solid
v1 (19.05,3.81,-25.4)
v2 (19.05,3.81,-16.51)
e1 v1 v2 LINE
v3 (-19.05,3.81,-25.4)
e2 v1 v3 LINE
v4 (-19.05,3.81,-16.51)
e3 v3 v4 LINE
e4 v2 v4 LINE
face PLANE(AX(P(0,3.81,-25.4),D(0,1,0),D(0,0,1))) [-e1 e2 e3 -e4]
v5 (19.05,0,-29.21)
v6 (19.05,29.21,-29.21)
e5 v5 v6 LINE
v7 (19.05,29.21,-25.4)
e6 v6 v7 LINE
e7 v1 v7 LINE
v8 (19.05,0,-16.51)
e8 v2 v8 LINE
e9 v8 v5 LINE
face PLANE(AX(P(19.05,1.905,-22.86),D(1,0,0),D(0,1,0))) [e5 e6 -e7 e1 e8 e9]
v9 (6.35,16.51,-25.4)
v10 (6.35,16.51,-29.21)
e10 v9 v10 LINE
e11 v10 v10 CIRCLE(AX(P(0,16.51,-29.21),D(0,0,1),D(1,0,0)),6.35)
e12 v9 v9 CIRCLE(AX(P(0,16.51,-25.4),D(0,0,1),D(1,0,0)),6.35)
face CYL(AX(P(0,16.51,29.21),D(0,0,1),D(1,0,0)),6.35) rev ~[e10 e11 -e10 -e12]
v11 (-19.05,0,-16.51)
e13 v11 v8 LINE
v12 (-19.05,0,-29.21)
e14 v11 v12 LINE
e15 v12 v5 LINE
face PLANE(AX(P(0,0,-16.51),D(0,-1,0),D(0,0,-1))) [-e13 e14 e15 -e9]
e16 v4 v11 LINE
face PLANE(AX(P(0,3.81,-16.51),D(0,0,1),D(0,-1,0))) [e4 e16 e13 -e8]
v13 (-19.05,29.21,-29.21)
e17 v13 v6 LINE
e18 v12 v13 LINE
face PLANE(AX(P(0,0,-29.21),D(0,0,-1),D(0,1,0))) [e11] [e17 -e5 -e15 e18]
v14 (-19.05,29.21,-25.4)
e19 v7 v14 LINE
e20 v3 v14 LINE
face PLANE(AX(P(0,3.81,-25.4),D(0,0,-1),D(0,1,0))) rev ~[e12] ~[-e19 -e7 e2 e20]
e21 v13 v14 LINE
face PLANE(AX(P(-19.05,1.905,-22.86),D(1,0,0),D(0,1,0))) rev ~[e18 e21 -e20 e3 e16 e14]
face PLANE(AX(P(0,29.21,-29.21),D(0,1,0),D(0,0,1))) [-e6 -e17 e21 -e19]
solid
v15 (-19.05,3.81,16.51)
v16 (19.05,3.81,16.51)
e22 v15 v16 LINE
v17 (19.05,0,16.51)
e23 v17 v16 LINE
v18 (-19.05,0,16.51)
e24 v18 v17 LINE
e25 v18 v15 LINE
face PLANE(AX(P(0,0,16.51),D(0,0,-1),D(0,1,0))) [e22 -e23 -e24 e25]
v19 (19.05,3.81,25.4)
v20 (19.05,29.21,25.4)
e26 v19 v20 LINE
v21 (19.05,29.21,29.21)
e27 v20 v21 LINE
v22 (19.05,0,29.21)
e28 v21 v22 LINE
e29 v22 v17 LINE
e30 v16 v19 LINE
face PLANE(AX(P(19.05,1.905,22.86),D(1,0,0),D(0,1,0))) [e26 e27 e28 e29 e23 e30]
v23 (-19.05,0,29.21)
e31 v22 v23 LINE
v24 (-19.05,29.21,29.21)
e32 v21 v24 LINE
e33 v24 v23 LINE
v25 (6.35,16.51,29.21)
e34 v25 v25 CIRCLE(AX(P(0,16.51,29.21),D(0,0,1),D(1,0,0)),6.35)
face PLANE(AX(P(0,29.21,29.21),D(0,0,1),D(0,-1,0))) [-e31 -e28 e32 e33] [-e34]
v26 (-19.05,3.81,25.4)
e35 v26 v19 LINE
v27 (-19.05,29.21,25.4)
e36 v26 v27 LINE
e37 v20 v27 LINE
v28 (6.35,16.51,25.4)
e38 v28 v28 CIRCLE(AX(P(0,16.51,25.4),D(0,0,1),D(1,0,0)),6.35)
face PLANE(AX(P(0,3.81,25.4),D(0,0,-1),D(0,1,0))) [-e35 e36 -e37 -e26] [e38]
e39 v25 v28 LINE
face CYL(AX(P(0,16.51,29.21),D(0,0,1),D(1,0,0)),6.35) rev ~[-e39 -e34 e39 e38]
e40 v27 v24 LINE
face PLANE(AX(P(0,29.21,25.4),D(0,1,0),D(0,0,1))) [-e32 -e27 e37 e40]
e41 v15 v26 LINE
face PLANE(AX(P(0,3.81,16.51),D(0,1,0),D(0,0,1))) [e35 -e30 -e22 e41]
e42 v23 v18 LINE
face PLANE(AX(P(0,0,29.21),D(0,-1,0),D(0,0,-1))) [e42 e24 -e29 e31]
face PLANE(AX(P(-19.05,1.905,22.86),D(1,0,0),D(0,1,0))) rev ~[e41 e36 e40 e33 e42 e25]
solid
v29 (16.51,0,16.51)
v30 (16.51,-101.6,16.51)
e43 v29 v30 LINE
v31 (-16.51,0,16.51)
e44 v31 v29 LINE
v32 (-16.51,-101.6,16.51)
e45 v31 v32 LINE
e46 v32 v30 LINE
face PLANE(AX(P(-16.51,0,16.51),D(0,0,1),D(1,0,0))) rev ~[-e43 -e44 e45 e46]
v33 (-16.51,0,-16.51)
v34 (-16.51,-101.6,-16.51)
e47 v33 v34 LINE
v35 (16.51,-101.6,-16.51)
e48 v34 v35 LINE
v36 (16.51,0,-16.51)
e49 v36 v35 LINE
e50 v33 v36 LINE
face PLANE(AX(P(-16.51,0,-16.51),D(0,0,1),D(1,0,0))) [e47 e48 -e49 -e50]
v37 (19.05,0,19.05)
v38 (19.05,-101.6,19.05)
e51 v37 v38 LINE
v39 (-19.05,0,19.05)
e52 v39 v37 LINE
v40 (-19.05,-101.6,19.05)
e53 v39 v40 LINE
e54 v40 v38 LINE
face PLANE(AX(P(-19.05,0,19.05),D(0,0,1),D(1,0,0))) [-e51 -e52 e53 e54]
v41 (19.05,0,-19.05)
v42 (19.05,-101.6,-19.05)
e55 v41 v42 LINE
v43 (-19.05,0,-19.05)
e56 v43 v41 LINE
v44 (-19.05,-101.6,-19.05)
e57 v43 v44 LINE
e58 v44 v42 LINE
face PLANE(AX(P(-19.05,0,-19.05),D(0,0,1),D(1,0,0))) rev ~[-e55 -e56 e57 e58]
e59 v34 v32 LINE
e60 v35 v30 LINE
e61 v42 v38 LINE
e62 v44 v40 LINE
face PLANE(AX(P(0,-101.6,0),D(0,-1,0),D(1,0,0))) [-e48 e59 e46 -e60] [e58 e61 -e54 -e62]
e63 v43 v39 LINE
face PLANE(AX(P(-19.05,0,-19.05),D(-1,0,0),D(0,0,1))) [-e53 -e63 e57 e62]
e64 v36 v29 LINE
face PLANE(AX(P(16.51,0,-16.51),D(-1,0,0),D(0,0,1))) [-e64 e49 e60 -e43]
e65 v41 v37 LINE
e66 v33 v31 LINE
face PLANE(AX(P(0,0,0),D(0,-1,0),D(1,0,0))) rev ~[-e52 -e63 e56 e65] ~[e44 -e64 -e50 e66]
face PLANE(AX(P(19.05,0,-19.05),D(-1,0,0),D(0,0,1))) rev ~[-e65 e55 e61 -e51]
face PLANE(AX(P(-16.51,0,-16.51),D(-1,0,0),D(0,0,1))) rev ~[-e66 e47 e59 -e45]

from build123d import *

# Parameters (mm, degrees)
F0_W     = 38.1
F0_H     = 38.1
F0_W_2   = 33.02
F0_H_2   = 33.02
F1_DEPTH = 101.6
F2_W     = 25.4
F2_H     = 3.81
F3_DEPTH = 19.05
F4_R     = 6.35
F5_DEPTH = 58.421
F6_R     = 6.35
F7_DEPTH = 58.421


with BuildPart() as f1:
    # F0 (on Front) → F1 (new body)
    with BuildSketch(Plane.XZ):
        Rectangle(F0_W, F0_H)
        Rectangle(F0_W_2, F0_H_2, mode=Mode.SUBTRACT)
    extrude(amount=F1_DEPTH)

    # F6 (on face) → F7 (cut, through all)
    with BuildSketch(Plane(origin=(0, 0, -29.21), x_dir=(1, 0, 0), z_dir=(0, 0, -1))):
        with Locations((0, -16.51)):
            Circle(F6_R)
    extrude(amount=-F7_DEPTH, mode=Mode.SUBTRACT)


with BuildPart() as f3:
    # F2 (on Right) → F3 (new body, symmetric)
    with BuildSketch(Plane.YZ):
        Polygon((0, 29.21), (0, 16.51), (3.81, 16.51), (3.81, 25.4), (3.81, 29.21), align=None)
        with Locations((16.51, 27.305)):
            Rectangle(F2_W, F2_H)
    extrude(amount=F3_DEPTH, both=True)


with BuildPart() as f3b:
    # F2 (on Right) → F3, piece 2 (new body, symmetric)
    with BuildSketch(Plane.YZ):
        Polygon((3.81, -16.51), (0, -16.51), (0, -29.21), (3.81, -29.21), (3.81, -25.4), align=None)
        with Locations((16.51, -27.305)):
            Rectangle(F2_W, F2_H)
    extrude(amount=F3_DEPTH, both=True)


with BuildPart() as f5_tool:
    # F4 (on face) → F5 (new body, through all)
    with BuildSketch(Plane.XY.offset(29.21)):
        with Locations((0, 16.51)):
            Circle(F4_R)
    extrude(amount=-F5_DEPTH)


with BuildPart() as f3_1:
    add(f3.part)

    # F5: cut by f5_tool
    add(f5_tool.part, mode=Mode.SUBTRACT)


with BuildPart() as f3b_1:
    add(f3b.part)

    # F5: cut by f5_tool
    add(f5_tool.part, mode=Mode.SUBTRACT)


solid = Compound([f1.part, f3_1.part, f3b_1.part])
